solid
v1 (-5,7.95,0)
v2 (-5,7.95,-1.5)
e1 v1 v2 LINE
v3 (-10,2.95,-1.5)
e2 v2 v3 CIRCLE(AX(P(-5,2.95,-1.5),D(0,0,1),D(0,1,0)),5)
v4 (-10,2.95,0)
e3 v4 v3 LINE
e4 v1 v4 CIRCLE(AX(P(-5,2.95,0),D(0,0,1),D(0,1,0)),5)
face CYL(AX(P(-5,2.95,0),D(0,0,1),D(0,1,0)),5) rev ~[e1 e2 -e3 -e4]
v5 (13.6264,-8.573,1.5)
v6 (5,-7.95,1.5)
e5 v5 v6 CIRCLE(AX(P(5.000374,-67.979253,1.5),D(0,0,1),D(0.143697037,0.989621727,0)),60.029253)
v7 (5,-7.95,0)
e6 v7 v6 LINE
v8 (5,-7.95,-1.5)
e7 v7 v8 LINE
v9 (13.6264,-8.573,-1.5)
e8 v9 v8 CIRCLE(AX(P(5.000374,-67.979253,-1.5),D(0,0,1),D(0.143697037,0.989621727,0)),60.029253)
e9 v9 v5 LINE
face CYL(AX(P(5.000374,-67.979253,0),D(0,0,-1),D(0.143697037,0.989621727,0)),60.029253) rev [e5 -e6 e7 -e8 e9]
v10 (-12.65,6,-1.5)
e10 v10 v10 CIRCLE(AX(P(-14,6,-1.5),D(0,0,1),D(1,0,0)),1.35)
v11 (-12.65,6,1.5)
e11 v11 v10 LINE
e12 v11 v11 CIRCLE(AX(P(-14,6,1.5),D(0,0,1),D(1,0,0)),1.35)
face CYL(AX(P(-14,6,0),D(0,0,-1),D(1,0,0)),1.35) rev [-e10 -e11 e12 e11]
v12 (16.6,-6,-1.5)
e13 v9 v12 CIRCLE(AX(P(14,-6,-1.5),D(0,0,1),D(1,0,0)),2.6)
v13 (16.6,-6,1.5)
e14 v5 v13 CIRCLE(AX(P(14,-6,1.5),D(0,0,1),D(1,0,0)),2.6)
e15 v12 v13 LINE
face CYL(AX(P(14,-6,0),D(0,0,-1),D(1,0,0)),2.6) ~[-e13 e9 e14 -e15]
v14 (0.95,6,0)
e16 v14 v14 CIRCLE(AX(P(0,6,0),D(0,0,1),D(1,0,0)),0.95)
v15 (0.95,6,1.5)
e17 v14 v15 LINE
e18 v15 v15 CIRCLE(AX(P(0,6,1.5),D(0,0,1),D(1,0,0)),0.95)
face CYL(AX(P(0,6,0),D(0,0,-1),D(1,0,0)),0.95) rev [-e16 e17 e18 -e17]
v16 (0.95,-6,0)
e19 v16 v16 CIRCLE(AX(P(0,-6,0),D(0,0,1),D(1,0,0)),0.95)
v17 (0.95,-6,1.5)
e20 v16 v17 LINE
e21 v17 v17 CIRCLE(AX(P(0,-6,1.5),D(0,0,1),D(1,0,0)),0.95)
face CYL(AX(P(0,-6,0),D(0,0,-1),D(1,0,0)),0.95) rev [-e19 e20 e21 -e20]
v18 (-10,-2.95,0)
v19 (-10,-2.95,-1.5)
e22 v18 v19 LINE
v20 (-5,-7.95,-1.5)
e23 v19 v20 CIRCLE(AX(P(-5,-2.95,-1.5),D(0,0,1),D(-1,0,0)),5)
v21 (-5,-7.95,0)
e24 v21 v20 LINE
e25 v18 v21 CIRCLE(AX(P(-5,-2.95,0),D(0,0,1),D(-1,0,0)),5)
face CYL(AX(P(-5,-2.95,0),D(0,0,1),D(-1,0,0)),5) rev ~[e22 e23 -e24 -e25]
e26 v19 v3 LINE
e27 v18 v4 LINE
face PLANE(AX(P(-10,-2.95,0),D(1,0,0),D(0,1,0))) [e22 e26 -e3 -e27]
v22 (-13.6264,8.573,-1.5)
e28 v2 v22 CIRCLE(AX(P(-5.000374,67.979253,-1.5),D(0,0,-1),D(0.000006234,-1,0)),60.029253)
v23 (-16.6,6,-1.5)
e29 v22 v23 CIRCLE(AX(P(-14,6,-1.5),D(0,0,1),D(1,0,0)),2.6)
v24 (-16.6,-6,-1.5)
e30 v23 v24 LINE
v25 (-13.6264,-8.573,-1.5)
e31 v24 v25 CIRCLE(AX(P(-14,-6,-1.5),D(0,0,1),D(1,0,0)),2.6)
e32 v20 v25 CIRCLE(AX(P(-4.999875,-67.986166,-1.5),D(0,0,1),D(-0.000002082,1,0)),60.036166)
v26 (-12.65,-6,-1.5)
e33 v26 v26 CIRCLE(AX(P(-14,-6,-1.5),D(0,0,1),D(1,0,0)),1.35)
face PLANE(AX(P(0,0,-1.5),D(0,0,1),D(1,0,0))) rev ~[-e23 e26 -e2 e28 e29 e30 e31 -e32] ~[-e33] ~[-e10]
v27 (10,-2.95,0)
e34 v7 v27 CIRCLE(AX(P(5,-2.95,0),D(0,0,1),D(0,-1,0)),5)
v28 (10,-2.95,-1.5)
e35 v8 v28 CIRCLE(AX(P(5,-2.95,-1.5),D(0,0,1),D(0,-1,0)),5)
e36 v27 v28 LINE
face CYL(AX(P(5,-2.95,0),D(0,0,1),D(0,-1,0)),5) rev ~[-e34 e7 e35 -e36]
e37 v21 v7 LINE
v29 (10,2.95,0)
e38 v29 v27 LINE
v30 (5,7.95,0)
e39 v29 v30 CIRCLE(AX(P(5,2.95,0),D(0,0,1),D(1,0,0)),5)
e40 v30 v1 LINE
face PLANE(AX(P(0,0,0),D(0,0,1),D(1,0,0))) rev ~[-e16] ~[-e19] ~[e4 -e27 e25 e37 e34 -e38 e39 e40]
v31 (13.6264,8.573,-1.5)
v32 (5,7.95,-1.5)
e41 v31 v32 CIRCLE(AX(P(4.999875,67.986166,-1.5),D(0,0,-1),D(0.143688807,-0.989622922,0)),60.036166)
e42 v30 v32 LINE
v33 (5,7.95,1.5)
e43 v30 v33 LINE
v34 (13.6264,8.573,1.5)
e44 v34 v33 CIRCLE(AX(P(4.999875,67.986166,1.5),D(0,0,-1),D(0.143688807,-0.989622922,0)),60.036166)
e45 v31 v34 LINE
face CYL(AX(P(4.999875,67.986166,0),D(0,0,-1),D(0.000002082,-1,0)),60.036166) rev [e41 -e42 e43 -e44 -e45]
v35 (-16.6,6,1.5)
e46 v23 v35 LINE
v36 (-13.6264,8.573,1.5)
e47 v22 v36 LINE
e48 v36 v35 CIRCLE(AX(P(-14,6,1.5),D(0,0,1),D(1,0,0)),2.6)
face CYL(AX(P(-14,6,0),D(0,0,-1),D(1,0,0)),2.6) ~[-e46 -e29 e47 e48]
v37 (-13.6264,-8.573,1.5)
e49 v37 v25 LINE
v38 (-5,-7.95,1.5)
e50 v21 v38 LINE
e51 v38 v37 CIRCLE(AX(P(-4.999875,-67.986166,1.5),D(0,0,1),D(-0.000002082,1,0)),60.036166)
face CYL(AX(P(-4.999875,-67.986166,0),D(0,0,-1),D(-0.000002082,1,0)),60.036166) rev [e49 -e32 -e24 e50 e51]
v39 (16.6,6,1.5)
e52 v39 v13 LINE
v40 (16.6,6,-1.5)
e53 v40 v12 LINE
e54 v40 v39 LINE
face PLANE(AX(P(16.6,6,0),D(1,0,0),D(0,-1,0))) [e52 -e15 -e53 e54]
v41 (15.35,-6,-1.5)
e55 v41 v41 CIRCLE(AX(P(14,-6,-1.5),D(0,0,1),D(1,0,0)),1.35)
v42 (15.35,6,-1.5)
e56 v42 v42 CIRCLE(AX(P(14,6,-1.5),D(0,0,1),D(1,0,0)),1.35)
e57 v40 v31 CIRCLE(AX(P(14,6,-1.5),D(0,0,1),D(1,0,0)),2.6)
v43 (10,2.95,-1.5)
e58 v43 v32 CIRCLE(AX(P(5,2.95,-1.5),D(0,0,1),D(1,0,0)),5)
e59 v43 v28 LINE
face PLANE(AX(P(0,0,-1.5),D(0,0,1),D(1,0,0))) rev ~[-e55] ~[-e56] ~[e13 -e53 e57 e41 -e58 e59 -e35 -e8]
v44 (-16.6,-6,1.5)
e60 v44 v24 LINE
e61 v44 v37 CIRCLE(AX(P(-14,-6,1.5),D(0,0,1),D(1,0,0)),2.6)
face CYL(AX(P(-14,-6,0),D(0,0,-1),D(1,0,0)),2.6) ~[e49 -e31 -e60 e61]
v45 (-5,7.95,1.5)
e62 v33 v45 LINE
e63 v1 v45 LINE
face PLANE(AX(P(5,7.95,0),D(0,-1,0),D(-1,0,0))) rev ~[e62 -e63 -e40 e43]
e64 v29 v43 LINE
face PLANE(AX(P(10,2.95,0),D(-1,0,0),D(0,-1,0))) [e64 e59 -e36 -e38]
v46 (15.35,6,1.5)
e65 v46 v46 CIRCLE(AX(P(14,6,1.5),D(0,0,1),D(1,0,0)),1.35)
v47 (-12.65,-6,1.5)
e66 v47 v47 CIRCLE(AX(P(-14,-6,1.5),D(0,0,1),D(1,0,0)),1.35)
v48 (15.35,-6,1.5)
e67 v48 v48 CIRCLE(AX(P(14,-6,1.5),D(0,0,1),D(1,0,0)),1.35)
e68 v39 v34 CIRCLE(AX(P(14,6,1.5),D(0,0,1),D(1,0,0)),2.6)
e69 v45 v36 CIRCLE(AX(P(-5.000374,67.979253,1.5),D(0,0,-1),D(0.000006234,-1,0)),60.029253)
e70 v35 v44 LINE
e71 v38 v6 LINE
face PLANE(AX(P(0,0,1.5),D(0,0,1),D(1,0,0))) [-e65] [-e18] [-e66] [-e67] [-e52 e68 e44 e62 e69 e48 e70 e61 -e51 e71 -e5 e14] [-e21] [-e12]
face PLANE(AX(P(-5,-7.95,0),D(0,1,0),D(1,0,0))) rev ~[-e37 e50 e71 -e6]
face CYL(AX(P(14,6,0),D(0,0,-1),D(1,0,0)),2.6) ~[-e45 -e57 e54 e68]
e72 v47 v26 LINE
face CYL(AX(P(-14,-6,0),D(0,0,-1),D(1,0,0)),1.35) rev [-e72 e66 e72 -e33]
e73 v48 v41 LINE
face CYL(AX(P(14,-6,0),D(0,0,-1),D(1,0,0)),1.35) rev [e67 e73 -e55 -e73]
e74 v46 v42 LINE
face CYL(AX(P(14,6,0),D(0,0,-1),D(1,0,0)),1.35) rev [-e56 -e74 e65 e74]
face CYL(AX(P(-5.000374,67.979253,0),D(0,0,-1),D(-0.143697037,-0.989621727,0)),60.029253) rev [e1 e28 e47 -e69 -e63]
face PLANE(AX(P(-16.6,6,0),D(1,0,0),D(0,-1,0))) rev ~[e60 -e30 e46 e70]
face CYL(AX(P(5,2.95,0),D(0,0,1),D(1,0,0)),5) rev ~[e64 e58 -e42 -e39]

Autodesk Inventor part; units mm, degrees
ref_plane "YZ Plane" through (0, 0, 0) normal (1, 0, 0) x (0, 1, 0)
ref_plane "XZ Plane" through (0, 0, 0) normal (0, 1, 0) x (-1, 0, 0)
ref_plane "XY Plane" through (0, 0, 0) normal (0, 0, 1) x (1, 0, 0)
sketch "Sketch1" plane through (0, 0, 0) normal (0, 0, 1) x (1, 0, 0)
  circle A0 centre (0, 6) radius 0.95
  circle A1 centre (0, -6) radius 0.95
  line L0 (0, 6) -> (0, -6) construction
  line L1 (5, 7.95) -> (-5, 7.95)
  line L2 (-5, 7.95) -> (-5, -7.95) construction
  line L3 (-5, -7.95) -> (5, -7.95)
  line L4 (5, -7.95) -> (5, 7.95) construction
  circle A2 centre (14, 6) radius 1.35
  circle A3 centre (14, -6) radius 1.35
  circle A4 centre (-14, 6) radius 1.35
  circle A5 centre (-14, -6) radius 1.35
  circle A6 centre (-14, 6) radius 2.6
  arc A7 (-13.6264, 8.573) -> (-5, 7.95) centre (-5, 67.9827) ccw
  circle A8 centre (-14, -6) radius 2.6
  circle A9 centre (14, 6) radius 2.6
  circle A10 centre (14, -6) radius 2.6
  line L5 (-16.6, 6) -> (-16.6, -6)
  arc A11 (5, 7.95) -> (13.6264, 8.573) centre (5, 67.9827) ccw
  line L6 (16.6, 6) -> (16.6, -6)
  arc A12 (-5, -7.95) -> (-13.6264, -8.573) centre (-5, -67.9827) ccw
  arc A13 (13.6264, -8.573) -> (5, -7.95) centre (5, -67.9827) ccw
  line L7 (10, 8.1586) -> (10, -8.1586)
  line L8 (-10, -8.1586) -> (-10, 8.1586)
  arc A14 (5, -7.95) -> (10, -2.95) centre (5, -2.95) ccw
  arc A15 (10, 2.95) -> (5, 7.95) centre (5, 2.95) ccw
  arc A16 (-10, -2.95) -> (-5, -7.95) centre (-5, -2.95) ccw
  arc A17 (-5, 7.95) -> (-10, 2.95) centre (-5, 2.95) ccw
  point P0 (0, 0)
  point P1 (0, 0)
  dimension "d0" = 1.9
  dimension "d1" = 1.9
  dimension "d2" = 12
  dimension "d3" = 1.95
  dimension "d4" = 1.95
  dimension "d5" = 5
  dimension "d6" = 5
  dimension "d7" = 2.7
  dimension "d8" = 14
  dimension "d9" = 14
  dimension "d10" = 1.25
  dimension "d11" = 10
  dimension "d12" = 10
extrude "Extrusion1" add sketch "Sketch1" along normal blind 1.5
extrude "Extrusion2" add sketch "Sketch1" against normal blind 1.5 contours A11 L7 A15 | A17 L8 A7 | A11 A9 L6 A10 A13 L7 | L8 A12 A8 L5 A6 A7 | A9 | L7 A13 A14 | A6 | A16 A12 L8 | A10 | A8
properties part number "AS5600HolderV2"
